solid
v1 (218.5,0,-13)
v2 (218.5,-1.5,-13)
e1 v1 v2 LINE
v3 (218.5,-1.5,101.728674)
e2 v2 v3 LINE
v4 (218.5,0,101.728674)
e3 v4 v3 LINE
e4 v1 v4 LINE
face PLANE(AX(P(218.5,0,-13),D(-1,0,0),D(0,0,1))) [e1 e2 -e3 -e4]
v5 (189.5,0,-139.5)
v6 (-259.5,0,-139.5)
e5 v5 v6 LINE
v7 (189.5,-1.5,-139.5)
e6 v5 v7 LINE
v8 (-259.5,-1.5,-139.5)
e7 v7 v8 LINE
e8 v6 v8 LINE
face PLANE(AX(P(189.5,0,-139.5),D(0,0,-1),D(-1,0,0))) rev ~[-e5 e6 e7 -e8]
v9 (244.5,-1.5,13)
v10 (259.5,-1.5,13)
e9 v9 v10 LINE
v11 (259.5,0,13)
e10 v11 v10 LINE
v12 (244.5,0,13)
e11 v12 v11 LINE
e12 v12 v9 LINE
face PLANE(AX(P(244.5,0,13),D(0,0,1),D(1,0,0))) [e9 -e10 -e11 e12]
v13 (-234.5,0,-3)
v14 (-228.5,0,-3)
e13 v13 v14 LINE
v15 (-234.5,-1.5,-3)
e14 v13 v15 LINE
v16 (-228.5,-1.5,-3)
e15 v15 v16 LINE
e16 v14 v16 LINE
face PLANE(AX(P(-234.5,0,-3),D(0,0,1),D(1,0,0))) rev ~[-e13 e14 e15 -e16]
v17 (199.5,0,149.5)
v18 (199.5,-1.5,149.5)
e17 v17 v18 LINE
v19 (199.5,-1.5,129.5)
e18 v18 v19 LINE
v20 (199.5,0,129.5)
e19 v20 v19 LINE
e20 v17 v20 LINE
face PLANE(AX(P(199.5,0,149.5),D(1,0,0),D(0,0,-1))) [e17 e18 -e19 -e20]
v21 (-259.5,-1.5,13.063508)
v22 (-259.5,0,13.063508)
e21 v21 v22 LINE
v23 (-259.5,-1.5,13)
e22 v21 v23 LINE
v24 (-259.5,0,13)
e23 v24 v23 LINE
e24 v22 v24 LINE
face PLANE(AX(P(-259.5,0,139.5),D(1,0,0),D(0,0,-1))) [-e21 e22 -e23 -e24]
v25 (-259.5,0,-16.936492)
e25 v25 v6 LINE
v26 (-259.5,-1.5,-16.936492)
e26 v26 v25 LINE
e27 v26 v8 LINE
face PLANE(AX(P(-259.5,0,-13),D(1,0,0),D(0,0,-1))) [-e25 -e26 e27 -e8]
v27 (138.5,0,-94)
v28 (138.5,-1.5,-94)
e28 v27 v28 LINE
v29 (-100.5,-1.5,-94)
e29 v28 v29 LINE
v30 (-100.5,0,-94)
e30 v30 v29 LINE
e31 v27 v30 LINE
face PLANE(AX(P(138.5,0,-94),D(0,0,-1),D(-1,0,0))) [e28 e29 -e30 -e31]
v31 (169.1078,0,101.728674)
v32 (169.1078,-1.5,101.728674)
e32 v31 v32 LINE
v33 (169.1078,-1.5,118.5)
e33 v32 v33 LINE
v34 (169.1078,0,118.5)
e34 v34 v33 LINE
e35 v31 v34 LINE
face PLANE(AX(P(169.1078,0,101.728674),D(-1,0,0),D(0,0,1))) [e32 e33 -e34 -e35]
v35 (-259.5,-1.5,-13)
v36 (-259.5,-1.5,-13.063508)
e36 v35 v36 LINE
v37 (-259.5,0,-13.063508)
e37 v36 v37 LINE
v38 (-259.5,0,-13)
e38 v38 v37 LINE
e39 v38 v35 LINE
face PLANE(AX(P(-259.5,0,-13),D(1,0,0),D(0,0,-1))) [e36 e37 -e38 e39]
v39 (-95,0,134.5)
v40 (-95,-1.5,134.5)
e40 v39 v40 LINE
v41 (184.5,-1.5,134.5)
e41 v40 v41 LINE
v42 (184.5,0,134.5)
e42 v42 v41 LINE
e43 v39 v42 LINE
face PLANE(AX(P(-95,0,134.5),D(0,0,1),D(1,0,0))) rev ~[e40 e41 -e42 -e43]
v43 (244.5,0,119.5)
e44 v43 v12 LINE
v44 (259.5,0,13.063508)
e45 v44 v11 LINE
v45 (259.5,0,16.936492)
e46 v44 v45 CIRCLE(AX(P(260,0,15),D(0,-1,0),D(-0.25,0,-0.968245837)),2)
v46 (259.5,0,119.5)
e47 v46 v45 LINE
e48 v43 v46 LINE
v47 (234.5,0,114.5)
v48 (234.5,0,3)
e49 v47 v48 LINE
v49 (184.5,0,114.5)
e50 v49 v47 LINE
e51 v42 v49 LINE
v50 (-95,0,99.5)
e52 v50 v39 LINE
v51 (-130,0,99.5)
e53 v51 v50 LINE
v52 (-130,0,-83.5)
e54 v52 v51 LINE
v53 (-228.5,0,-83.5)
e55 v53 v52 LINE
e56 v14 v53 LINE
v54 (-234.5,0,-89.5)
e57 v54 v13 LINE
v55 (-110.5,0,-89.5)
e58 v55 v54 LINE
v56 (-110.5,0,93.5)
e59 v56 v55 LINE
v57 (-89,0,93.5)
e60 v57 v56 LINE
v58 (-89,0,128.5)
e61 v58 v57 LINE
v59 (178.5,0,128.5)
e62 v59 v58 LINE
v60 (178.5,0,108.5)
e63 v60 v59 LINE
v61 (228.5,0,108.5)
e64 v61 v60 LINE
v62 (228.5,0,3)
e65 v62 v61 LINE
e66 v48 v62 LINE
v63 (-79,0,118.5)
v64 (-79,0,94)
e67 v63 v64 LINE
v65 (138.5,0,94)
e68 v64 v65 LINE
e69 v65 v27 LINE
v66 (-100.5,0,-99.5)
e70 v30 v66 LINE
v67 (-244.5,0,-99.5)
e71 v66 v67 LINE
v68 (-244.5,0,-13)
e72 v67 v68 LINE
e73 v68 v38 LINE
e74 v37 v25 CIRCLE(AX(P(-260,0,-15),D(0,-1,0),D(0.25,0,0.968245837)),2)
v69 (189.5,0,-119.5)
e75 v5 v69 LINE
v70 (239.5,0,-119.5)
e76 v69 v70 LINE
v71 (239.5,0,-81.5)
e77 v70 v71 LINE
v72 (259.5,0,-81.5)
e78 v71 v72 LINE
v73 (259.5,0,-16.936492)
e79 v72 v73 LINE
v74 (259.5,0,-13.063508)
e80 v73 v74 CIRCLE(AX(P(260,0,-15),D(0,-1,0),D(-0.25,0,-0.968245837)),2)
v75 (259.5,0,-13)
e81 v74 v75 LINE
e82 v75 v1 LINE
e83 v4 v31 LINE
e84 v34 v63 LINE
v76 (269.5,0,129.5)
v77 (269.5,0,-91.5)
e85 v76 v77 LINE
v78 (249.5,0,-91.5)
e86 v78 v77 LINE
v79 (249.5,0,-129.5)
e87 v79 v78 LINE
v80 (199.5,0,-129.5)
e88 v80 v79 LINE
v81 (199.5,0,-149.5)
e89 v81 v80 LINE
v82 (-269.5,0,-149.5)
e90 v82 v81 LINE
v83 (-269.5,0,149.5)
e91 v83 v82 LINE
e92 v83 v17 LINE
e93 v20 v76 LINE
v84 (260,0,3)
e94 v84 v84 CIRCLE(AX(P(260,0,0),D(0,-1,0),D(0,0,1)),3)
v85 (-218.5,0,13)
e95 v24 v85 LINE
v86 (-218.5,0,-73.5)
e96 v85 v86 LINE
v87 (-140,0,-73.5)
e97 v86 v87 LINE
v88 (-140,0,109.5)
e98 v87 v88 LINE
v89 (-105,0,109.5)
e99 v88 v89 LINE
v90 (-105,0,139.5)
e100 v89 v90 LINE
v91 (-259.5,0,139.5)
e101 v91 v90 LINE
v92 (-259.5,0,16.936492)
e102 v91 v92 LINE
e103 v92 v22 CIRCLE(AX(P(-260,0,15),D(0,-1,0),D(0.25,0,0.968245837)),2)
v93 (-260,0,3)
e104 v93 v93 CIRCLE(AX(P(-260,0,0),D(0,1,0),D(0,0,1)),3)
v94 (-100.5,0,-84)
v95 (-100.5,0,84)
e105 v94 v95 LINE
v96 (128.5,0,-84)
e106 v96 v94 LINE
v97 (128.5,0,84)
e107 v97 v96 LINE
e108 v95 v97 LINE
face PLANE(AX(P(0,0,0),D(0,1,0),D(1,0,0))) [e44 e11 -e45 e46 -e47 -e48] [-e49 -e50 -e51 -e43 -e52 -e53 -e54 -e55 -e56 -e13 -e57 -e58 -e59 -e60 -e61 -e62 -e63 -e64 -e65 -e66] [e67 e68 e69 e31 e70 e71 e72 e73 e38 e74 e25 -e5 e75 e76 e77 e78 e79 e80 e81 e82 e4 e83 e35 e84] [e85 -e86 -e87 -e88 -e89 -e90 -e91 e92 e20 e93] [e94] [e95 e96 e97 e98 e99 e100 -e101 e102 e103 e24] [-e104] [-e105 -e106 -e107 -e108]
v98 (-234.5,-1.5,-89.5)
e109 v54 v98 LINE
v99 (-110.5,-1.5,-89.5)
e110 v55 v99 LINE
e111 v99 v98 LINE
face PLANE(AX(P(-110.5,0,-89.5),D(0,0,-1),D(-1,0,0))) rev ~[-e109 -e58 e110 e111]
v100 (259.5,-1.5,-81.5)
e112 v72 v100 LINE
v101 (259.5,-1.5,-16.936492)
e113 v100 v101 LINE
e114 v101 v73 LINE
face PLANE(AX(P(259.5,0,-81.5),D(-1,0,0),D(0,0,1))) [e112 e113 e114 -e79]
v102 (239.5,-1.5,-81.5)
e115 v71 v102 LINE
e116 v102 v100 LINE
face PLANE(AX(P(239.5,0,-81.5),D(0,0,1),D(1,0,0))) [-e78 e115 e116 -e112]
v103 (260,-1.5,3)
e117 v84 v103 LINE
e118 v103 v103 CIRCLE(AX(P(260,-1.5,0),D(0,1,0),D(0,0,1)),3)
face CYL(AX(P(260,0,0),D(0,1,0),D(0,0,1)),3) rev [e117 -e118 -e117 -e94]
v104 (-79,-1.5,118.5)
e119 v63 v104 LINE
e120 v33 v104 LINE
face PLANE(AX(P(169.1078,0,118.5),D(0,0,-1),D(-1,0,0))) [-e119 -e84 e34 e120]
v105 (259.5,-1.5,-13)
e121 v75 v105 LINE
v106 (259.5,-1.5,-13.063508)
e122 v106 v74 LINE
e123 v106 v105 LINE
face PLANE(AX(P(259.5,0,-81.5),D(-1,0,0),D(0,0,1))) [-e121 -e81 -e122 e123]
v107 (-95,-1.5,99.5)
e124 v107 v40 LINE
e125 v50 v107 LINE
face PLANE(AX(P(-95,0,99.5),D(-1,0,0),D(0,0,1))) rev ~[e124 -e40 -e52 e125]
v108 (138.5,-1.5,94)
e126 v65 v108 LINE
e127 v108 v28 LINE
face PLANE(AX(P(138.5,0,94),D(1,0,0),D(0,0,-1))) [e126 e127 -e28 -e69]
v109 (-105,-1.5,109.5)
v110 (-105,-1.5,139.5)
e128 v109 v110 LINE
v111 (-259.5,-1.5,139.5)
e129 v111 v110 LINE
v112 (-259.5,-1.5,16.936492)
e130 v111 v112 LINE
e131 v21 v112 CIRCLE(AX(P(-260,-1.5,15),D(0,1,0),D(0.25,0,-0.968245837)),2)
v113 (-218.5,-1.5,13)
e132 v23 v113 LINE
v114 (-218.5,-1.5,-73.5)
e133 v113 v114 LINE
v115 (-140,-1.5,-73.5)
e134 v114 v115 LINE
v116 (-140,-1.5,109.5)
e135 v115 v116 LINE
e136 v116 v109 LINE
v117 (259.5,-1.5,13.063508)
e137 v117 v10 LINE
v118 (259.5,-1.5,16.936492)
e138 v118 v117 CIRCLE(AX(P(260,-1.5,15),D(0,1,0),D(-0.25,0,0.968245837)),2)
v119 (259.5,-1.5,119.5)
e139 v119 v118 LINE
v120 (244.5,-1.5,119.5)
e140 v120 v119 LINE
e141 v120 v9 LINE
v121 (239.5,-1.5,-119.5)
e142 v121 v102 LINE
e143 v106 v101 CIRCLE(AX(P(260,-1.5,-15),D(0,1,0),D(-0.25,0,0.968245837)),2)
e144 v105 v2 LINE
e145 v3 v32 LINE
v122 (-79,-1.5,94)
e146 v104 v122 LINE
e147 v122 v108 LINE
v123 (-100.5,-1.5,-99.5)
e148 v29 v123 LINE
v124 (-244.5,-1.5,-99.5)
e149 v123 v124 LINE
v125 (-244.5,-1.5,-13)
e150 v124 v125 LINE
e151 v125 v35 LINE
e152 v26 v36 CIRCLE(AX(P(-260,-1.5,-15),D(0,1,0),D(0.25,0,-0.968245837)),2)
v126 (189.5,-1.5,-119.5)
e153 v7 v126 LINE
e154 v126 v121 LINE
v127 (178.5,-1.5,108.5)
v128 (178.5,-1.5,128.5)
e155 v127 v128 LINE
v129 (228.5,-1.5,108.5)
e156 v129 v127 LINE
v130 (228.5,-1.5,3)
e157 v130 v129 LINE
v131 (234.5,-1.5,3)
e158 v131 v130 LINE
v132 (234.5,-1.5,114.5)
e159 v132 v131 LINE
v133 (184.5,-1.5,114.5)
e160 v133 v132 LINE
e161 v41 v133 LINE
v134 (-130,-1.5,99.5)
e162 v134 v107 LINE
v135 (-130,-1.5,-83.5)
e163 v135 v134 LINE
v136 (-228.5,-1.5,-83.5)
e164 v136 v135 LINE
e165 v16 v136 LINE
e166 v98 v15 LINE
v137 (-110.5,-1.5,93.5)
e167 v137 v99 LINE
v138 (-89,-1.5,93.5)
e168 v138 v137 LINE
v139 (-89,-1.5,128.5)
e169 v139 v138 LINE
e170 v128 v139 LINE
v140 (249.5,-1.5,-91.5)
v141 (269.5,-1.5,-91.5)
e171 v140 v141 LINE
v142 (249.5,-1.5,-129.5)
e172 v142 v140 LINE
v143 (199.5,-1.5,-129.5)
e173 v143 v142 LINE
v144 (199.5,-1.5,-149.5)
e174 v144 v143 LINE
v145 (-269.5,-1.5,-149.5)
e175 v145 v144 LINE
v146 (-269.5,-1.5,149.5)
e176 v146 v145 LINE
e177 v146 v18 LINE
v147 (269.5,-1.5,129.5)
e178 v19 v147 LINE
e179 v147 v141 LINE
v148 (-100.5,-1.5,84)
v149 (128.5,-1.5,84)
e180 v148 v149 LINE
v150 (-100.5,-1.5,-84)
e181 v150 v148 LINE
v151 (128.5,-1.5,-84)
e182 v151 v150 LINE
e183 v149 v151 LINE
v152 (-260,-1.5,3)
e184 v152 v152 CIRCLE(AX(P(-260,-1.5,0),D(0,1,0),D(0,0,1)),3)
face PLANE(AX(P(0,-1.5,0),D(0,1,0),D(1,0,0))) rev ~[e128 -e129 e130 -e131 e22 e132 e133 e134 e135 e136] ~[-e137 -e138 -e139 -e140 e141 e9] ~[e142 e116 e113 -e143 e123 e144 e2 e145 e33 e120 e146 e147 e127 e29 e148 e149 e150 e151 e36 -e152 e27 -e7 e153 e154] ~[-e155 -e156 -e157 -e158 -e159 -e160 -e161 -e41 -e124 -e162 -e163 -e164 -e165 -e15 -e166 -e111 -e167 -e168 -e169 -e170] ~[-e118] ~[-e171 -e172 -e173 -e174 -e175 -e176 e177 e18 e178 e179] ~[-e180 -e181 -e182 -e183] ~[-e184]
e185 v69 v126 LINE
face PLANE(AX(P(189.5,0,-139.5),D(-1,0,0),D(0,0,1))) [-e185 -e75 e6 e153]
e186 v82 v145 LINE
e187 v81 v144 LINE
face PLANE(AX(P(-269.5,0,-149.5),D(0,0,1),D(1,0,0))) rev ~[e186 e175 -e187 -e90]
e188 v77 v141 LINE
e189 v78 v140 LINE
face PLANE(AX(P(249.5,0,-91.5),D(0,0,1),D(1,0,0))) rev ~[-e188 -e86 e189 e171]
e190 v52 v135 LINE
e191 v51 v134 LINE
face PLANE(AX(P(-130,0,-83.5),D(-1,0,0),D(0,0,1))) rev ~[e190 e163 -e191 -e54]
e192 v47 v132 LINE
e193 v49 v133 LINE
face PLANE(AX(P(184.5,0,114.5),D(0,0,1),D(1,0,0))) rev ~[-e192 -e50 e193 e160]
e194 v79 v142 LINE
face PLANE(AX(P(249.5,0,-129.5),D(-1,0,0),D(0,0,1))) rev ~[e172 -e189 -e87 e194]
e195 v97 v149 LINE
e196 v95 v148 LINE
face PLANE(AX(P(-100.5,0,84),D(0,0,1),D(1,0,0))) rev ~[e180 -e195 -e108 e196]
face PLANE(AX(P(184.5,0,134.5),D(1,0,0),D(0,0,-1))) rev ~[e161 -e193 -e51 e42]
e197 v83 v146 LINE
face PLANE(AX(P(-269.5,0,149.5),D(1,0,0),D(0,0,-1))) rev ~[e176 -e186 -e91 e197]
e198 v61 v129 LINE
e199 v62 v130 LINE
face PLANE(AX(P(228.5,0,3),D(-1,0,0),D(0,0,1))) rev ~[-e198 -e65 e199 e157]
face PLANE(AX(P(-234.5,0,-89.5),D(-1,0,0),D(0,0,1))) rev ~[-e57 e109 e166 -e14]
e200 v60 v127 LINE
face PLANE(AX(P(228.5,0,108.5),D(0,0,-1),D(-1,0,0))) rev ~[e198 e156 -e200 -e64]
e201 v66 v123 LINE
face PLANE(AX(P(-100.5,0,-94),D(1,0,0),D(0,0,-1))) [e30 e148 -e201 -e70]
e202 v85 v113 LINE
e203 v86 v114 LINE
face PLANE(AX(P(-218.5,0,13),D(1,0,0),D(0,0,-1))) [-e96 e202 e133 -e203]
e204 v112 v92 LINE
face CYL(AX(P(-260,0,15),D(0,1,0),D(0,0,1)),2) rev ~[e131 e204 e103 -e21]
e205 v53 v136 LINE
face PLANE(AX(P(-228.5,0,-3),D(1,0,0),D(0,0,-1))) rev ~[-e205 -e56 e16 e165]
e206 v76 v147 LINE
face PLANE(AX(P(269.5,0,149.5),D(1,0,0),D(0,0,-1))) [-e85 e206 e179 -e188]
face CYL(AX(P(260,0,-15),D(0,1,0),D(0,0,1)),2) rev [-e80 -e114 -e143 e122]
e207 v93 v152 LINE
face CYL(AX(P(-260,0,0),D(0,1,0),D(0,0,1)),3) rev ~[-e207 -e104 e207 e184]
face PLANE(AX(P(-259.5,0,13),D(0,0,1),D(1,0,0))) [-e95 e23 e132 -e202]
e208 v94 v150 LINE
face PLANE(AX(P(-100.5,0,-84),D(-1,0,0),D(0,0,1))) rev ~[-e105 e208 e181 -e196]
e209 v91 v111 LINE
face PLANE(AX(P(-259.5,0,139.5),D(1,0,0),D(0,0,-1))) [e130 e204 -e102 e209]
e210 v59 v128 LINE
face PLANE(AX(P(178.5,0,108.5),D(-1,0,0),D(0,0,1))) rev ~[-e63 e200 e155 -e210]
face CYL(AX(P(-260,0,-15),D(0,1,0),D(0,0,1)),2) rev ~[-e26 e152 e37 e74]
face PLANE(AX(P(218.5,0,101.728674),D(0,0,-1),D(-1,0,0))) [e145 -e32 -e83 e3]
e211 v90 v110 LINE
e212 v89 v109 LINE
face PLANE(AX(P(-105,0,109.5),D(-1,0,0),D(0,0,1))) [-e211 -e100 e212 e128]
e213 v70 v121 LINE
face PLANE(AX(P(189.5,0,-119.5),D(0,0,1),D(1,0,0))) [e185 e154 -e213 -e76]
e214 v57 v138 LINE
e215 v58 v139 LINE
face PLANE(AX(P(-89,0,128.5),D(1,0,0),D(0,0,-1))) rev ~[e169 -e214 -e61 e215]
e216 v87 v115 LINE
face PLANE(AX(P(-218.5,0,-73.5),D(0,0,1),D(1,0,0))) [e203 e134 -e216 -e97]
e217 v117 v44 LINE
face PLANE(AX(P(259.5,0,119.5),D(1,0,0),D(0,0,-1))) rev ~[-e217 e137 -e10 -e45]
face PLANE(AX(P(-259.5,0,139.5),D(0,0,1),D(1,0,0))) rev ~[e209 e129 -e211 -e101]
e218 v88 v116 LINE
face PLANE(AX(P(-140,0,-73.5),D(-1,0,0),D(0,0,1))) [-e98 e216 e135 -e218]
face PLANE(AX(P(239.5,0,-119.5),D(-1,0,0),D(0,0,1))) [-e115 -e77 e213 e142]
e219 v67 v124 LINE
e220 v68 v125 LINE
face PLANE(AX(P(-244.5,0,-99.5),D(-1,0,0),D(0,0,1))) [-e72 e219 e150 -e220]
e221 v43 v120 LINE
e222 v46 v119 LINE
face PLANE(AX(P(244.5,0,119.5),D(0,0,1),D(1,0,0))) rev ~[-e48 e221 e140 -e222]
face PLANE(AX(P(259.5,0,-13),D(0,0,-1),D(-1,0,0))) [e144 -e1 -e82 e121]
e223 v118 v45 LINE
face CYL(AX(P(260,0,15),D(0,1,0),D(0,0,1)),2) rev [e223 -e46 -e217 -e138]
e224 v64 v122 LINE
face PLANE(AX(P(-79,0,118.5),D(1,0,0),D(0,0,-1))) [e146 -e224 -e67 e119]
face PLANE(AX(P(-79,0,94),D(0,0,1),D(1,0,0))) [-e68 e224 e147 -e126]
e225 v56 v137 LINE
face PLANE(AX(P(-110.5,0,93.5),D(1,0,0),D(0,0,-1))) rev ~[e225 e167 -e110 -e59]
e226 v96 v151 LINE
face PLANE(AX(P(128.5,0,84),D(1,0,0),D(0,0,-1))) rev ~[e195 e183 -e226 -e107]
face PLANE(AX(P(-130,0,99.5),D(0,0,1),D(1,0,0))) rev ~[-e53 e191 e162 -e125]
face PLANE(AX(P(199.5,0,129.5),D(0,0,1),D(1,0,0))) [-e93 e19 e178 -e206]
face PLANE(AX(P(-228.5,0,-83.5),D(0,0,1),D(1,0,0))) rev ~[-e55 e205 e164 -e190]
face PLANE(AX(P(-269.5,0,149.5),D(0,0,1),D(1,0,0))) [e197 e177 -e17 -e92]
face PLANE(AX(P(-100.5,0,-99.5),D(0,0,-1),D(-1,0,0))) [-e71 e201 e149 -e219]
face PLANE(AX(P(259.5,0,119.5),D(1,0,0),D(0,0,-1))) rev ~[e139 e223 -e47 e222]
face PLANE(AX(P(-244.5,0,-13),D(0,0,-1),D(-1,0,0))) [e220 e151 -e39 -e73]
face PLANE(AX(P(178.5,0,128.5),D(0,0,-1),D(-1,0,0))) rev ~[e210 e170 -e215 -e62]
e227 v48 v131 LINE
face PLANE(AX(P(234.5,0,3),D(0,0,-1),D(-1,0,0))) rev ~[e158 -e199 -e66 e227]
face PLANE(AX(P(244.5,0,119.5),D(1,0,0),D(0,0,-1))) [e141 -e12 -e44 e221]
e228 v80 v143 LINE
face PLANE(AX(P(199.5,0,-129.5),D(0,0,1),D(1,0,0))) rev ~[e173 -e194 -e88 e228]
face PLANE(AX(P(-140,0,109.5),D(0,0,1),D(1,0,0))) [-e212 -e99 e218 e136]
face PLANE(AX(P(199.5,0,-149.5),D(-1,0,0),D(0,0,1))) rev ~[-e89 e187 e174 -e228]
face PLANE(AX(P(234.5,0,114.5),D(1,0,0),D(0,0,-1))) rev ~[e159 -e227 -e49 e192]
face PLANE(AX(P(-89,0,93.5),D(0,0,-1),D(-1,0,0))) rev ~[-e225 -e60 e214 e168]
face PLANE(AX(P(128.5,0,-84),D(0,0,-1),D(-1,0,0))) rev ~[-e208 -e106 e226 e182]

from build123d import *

# Parameters (mm, degrees)
SKETCH1_W           = 539
SKETCH1_H           = 299
BOSS_EXTRUDE1_DEPTH = 1.5
SKETCH10_W          = 70
SKETCH10_H          = 20
CUT_EXTRUDE6_DEPTH  = 309.192715683
SKETCH2_R           = 3
SKETCH2_R_2         = 2
CUT_EXTRUDE1_DEPTH  = 10
CUT_EXTRUDE3_DEPTH  = 309.192715683
CUT_EXTRUDE5_DEPTH  = 309.192715683
SKETCH7_W           = 15
SKETCH7_H           = 106.5
CUT_EXTRUDE4_DEPTH  = 309.192715683


with BuildPart() as part:
    # Sketch1 → Boss-Extrude1 (new body)
    with BuildSketch(Plane(origin=(0, 0, 0), x_dir=(1, 0, 0), z_dir=(0, 1, 0))):
        Rectangle(SKETCH1_W, SKETCH1_H)
    extrude(amount=-BOSS_EXTRUDE1_DEPTH)

    # Sketch10 → Cut-Extrude6 (cut, through all)
    with BuildSketch(Plane(origin=(0, 0, 0), x_dir=(1, 0, 0), z_dir=(0, 1, 0))):
        Polygon((269.5, 149.5), (199.5, 149.5), (199.5, 129.5), (249.5, 129.5), (249.5, 91.5), (269.5, 91.5), align=None)
        with Locations((234.5, -139.5)):
            Rectangle(SKETCH10_W, SKETCH10_H)
    extrude(amount=-CUT_EXTRUDE6_DEPTH, mode=Mode.SUBTRACT)

    # Sketch2 → Cut-Extrude1 (cut)
    with BuildSketch(Plane(origin=(0, 0, 0), x_dir=(1, 0, 0), z_dir=(0, 1, 0))):
        with Locations(Location((-260, 0, 0), (0, 0, 270))):
            Circle(SKETCH2_R)
        with Locations(Location((-260, 15, 0), (0, 0, 270))):
            Circle(SKETCH2_R_2)
        with Locations(Location((-260, -15, 0), (0, 0, 270))):
            Circle(SKETCH2_R_2)
    cut_extrude1 = extrude(amount=-CUT_EXTRUDE1_DEPTH, mode=Mode.SUBTRACT)

    # Mirror1: Cut-Extrude1 across plane
    add(cut_extrude1.mirror(Plane(origin=(0, 0, 0), x_dir=(0, 0, 1), z_dir=(1, 0, 0))), mode=Mode.SUBTRACT)

    # Sketch5 → Cut-Extrude3 (cut, through all)
    with BuildSketch(Plane(origin=(0, 0, 0), x_dir=(1, 0, 0), z_dir=(0, 1, 0))):
        Polygon((-100.5, -62.4), (-100.5, -84), (128.5, -84), (128.5, 84), (-100.5, 84), align=None)
    extrude(amount=-CUT_EXTRUDE3_DEPTH, mode=Mode.SUBTRACT)

    # Sketch9 → Cut-Extrude5 (cut, through all)
    with BuildSketch(Plane(origin=(0, 0, 0), x_dir=(1, 0, 0), z_dir=(0, 1, 0))):
        Polygon((-234.5, 3), (-228.5, 3), (-228.5, 83.5), (-130, 83.5), (-130, -99.5), (-95, -99.5), (-95, -134.5), (184.5, -134.5), (184.5, -114.5), (234.5, -114.5), (234.5, -3), (228.5, -3), (228.5, -108.5), (178.5, -108.5), (178.5, -128.5), (-89, -128.5), (-89, -93.5), (-110.5, -93.5), (-110.5, 89.5), (-234.5, 89.5), align=None)
    extrude(amount=-CUT_EXTRUDE5_DEPTH, mode=Mode.SUBTRACT)

    # Sketch7 → Cut-Extrude4 (cut, through all)
    with BuildSketch(Plane(origin=(0, 0, 0), x_dir=(1, 0, 0), z_dir=(0, 1, 0))):
        Polygon((-259.5, -13), (-218.5, -13), (-218.5, 73.5), (-140, 73.5), (-140, -109.5), (-105, -109.5), (-105, -139.5), (-140, -139.5), (-259.5, -139.5), align=None)
        Polygon((-259.5, 139.5), (-244.5, 139.5), (-100.5, 139.5), (189.5, 139.5), (189.5, 119.5), (239.5, 119.5), (239.5, 81.5), (259.5, 81.5), (259.5, 13), (218.5, 13), (218.5, -101.728673951), (169.107799643, -101.728673951), (169.107799643, -118.5), (-79, -118.5), (-79, -94), (138.5, -94), (138.5, 94), (-100.5, 94), (-100.5, 99.5), (-244.5, 99.5), (-244.5, 13), (-259.5, 13), align=None)
        with Locations((252, -66.25)):
            Rectangle(SKETCH7_W, SKETCH7_H)
    extrude(amount=-CUT_EXTRUDE4_DEPTH, mode=Mode.SUBTRACT)


solid = part.part
